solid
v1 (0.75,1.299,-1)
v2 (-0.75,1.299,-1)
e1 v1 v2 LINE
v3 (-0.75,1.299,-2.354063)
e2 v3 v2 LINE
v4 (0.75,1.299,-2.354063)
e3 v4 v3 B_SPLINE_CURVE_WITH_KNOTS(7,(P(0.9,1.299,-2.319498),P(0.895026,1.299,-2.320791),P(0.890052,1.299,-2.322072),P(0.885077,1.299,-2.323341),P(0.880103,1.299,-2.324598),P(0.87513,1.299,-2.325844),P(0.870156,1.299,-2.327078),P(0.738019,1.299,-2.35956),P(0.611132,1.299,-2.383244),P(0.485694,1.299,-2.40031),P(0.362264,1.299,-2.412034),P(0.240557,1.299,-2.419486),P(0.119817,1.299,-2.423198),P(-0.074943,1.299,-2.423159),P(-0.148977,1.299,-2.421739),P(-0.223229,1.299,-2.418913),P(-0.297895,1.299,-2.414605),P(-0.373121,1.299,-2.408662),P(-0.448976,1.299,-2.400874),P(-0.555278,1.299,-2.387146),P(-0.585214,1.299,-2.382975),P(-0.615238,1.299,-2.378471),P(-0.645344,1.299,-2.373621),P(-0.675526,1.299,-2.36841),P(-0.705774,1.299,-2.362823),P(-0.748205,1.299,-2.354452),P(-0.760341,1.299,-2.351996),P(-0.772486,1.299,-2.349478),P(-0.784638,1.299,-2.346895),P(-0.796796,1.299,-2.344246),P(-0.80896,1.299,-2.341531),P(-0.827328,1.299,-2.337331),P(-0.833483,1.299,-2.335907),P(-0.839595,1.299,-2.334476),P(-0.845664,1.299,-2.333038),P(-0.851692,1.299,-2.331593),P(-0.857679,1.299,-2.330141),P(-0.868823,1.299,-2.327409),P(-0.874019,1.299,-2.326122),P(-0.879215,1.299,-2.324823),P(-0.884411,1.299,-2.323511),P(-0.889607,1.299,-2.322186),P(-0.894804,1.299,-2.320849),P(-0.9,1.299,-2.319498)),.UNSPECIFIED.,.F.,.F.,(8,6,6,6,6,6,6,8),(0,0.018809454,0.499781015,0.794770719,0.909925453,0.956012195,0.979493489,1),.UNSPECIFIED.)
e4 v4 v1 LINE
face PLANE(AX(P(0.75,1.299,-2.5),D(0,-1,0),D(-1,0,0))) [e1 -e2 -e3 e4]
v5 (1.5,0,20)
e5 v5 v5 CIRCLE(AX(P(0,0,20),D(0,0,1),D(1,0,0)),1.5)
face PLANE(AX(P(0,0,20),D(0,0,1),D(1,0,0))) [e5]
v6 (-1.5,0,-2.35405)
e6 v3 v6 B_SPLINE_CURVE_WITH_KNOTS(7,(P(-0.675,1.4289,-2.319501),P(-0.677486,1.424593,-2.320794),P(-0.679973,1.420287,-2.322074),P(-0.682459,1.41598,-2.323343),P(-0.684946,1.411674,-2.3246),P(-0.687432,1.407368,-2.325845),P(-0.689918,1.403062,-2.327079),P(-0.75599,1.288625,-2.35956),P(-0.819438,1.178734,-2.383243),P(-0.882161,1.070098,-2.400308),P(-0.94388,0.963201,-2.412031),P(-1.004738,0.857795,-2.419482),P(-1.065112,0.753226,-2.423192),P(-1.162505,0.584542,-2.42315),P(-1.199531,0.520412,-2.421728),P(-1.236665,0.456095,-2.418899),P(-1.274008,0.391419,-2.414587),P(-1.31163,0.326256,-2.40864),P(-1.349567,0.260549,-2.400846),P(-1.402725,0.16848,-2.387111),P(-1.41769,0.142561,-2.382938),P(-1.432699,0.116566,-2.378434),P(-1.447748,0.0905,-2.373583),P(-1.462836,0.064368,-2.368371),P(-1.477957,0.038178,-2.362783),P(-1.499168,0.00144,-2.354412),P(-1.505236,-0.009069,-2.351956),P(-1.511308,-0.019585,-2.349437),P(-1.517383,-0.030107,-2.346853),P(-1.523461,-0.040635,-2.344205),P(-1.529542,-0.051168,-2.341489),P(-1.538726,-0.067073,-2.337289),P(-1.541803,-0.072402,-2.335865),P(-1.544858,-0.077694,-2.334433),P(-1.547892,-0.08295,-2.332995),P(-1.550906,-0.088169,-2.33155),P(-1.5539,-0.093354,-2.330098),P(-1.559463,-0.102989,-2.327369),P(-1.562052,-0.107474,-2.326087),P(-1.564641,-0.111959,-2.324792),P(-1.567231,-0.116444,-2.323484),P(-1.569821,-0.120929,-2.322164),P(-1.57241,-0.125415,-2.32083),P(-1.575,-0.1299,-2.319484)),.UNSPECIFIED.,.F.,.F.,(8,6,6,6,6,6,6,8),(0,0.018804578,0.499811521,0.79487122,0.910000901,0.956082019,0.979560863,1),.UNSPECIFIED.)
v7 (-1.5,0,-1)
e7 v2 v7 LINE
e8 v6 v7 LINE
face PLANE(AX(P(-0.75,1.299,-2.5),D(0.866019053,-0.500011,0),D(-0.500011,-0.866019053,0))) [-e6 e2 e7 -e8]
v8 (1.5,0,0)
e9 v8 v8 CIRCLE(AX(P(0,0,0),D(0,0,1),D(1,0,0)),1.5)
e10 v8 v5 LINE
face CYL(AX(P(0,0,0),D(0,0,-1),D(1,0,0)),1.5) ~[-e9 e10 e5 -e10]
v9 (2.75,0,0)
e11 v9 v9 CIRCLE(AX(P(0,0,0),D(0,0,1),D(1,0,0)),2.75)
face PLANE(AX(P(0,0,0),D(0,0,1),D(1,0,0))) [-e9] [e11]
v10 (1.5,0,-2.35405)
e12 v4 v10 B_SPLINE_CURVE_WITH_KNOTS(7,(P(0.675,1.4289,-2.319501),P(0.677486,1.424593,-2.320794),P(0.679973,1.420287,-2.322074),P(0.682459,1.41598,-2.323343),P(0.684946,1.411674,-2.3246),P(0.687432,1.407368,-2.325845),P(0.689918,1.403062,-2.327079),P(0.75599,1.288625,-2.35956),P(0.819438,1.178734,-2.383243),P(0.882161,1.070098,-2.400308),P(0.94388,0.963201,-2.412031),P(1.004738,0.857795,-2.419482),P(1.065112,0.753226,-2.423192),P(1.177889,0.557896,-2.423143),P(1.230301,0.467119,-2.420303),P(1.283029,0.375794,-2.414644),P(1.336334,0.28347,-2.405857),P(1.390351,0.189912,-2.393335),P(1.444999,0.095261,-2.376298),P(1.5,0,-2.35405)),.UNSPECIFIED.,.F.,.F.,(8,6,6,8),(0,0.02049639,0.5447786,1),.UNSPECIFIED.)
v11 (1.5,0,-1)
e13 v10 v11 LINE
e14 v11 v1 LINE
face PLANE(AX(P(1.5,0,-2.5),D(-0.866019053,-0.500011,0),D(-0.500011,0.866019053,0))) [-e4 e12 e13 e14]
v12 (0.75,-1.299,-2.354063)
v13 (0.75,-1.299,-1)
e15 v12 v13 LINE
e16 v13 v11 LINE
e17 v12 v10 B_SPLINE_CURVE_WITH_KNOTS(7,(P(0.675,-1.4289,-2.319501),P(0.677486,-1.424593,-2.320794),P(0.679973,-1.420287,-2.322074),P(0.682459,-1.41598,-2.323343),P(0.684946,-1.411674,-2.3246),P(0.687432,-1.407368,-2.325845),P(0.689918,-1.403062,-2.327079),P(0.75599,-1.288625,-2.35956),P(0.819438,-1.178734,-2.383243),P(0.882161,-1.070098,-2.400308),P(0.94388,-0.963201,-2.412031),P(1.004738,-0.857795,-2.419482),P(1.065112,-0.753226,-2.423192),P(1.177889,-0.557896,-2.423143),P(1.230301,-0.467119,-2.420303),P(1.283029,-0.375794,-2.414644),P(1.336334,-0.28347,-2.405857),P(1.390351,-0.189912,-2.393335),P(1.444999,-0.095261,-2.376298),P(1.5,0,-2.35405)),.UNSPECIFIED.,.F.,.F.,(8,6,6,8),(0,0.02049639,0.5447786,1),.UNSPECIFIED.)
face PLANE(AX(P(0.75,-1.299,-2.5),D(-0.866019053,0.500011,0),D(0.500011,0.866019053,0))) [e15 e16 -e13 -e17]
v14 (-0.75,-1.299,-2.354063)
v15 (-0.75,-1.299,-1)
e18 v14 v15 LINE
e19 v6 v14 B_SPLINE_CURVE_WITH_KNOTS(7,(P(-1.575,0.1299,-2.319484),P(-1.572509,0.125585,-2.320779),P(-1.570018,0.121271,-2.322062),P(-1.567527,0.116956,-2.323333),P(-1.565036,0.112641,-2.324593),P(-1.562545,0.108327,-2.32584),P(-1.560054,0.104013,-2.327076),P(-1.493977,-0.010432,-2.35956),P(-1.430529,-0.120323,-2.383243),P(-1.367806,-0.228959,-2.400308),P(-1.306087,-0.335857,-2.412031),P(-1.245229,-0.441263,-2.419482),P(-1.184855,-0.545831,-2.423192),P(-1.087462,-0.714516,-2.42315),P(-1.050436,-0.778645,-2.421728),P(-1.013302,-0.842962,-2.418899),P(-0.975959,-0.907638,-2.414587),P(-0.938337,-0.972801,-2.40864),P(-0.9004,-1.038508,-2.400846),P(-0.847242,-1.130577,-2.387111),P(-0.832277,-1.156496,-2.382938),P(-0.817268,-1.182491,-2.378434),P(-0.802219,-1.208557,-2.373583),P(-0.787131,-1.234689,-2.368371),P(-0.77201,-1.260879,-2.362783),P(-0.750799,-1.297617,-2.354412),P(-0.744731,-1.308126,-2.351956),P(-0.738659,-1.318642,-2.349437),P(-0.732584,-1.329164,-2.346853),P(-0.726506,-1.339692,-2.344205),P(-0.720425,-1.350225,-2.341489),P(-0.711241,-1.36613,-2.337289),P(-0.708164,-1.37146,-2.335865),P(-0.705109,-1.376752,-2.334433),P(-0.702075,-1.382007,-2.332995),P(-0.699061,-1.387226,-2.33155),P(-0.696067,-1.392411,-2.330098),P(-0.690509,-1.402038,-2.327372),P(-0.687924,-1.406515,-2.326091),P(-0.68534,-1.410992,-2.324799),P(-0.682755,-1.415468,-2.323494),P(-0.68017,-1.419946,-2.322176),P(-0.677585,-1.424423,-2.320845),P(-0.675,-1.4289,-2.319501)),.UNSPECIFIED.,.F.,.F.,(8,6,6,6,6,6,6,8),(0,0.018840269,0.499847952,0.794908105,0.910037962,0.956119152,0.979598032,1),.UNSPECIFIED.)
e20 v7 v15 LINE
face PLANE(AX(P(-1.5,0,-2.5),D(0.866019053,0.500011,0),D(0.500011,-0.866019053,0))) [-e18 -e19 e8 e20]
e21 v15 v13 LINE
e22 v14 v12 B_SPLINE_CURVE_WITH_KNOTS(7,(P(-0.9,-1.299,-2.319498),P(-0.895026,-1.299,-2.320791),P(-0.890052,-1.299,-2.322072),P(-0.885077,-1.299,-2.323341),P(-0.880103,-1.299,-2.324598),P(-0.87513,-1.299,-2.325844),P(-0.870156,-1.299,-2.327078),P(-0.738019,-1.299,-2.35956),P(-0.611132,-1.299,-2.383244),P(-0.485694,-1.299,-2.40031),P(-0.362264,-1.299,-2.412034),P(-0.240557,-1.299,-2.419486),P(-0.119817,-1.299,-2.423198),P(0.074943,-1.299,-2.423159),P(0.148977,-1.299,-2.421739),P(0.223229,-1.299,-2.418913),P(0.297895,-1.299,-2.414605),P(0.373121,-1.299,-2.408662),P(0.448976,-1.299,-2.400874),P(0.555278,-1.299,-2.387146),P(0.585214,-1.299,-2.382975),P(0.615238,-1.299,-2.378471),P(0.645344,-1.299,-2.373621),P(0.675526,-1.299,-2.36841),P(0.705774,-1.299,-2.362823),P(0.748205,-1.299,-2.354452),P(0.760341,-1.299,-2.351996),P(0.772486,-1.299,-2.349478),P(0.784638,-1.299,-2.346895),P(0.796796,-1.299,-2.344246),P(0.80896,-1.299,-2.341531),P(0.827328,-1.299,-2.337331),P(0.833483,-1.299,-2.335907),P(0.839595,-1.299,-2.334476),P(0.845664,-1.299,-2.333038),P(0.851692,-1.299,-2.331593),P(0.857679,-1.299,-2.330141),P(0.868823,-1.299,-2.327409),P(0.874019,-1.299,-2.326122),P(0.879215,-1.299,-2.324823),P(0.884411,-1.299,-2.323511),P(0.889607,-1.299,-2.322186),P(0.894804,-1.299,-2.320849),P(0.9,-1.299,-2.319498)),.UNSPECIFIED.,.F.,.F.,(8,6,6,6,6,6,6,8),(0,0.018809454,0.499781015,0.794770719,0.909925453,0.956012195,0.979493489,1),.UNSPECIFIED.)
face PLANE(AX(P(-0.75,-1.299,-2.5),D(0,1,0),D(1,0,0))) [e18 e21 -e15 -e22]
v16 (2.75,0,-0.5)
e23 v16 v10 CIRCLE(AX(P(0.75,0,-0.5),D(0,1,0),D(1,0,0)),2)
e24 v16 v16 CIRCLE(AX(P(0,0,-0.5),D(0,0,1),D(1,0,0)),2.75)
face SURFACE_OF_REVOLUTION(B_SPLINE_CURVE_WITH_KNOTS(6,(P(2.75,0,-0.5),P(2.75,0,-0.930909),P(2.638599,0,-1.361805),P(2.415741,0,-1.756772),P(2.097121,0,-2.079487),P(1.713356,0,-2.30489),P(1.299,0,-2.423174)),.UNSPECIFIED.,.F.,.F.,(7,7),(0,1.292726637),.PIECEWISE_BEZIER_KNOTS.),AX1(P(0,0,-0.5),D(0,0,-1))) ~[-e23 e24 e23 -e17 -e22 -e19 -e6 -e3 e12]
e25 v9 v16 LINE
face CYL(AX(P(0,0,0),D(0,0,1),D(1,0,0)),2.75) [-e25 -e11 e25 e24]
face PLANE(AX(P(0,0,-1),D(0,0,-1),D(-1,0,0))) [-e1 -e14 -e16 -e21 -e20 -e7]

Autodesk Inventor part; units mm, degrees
ref_plane "YZ Plane" through (0, 0, 0) normal (1, 0, 0) x (0, 1, 0)
ref_plane "XZ Plane" through (0, 0, 0) normal (0, 1, 0) x (-1, 0, 0)
ref_plane "XY Plane" through (0, 0, 0) normal (0, 0, 1) x (1, 0, 0)
sketch "Boceto1" plane through (0, 0, 0) normal (0, 0, 1) x (1, 0, 0)
  circle A0 centre (0, 0) radius 1.5
  circle A1 centre (0, 0) radius 2.75
  dimension "d0" = 3
  dimension "d1" = 5.5
extrude "Extrusión1" add sketch "Boceto1" along normal blind 20 contours A0
extrude "Extrusión2" add sketch "Boceto1" against normal blind 2.5 contours A0 | A1
sketch "Boceto2" plane through (0, 0, -2.5) normal (0, 0, -1) x (-1, 0, 0)
  line L0 (1.5, 0) -> (0.75, -1.299)
  line L1 (0.75, -1.299) -> (-0.75, -1.299)
  line L2 (-0.75, -1.299) -> (-1.5, 0)
  line L3 (-1.5, 0) -> (-0.75, 1.299)
  line L4 (-0.75, 1.299) -> (0.75, 1.299)
  line L5 (0.75, 1.299) -> (1.5, 0)
  point P0 (0, 0)
  point P1 (0, 0)
  dimension "d6" = 3
fillet "Empalme1" radius 2 1 edges at (-2.75, 0, -2.5)
extrude "Extrusión4" cut sketch "Boceto2" against normal blind 1.5
thread "Rosca1" size "M3x0.5" class "6g" standard "ANSI Metric M Profile" full length
properties part number "tonrilloM3x20mm" material "Acero inoxidable"
